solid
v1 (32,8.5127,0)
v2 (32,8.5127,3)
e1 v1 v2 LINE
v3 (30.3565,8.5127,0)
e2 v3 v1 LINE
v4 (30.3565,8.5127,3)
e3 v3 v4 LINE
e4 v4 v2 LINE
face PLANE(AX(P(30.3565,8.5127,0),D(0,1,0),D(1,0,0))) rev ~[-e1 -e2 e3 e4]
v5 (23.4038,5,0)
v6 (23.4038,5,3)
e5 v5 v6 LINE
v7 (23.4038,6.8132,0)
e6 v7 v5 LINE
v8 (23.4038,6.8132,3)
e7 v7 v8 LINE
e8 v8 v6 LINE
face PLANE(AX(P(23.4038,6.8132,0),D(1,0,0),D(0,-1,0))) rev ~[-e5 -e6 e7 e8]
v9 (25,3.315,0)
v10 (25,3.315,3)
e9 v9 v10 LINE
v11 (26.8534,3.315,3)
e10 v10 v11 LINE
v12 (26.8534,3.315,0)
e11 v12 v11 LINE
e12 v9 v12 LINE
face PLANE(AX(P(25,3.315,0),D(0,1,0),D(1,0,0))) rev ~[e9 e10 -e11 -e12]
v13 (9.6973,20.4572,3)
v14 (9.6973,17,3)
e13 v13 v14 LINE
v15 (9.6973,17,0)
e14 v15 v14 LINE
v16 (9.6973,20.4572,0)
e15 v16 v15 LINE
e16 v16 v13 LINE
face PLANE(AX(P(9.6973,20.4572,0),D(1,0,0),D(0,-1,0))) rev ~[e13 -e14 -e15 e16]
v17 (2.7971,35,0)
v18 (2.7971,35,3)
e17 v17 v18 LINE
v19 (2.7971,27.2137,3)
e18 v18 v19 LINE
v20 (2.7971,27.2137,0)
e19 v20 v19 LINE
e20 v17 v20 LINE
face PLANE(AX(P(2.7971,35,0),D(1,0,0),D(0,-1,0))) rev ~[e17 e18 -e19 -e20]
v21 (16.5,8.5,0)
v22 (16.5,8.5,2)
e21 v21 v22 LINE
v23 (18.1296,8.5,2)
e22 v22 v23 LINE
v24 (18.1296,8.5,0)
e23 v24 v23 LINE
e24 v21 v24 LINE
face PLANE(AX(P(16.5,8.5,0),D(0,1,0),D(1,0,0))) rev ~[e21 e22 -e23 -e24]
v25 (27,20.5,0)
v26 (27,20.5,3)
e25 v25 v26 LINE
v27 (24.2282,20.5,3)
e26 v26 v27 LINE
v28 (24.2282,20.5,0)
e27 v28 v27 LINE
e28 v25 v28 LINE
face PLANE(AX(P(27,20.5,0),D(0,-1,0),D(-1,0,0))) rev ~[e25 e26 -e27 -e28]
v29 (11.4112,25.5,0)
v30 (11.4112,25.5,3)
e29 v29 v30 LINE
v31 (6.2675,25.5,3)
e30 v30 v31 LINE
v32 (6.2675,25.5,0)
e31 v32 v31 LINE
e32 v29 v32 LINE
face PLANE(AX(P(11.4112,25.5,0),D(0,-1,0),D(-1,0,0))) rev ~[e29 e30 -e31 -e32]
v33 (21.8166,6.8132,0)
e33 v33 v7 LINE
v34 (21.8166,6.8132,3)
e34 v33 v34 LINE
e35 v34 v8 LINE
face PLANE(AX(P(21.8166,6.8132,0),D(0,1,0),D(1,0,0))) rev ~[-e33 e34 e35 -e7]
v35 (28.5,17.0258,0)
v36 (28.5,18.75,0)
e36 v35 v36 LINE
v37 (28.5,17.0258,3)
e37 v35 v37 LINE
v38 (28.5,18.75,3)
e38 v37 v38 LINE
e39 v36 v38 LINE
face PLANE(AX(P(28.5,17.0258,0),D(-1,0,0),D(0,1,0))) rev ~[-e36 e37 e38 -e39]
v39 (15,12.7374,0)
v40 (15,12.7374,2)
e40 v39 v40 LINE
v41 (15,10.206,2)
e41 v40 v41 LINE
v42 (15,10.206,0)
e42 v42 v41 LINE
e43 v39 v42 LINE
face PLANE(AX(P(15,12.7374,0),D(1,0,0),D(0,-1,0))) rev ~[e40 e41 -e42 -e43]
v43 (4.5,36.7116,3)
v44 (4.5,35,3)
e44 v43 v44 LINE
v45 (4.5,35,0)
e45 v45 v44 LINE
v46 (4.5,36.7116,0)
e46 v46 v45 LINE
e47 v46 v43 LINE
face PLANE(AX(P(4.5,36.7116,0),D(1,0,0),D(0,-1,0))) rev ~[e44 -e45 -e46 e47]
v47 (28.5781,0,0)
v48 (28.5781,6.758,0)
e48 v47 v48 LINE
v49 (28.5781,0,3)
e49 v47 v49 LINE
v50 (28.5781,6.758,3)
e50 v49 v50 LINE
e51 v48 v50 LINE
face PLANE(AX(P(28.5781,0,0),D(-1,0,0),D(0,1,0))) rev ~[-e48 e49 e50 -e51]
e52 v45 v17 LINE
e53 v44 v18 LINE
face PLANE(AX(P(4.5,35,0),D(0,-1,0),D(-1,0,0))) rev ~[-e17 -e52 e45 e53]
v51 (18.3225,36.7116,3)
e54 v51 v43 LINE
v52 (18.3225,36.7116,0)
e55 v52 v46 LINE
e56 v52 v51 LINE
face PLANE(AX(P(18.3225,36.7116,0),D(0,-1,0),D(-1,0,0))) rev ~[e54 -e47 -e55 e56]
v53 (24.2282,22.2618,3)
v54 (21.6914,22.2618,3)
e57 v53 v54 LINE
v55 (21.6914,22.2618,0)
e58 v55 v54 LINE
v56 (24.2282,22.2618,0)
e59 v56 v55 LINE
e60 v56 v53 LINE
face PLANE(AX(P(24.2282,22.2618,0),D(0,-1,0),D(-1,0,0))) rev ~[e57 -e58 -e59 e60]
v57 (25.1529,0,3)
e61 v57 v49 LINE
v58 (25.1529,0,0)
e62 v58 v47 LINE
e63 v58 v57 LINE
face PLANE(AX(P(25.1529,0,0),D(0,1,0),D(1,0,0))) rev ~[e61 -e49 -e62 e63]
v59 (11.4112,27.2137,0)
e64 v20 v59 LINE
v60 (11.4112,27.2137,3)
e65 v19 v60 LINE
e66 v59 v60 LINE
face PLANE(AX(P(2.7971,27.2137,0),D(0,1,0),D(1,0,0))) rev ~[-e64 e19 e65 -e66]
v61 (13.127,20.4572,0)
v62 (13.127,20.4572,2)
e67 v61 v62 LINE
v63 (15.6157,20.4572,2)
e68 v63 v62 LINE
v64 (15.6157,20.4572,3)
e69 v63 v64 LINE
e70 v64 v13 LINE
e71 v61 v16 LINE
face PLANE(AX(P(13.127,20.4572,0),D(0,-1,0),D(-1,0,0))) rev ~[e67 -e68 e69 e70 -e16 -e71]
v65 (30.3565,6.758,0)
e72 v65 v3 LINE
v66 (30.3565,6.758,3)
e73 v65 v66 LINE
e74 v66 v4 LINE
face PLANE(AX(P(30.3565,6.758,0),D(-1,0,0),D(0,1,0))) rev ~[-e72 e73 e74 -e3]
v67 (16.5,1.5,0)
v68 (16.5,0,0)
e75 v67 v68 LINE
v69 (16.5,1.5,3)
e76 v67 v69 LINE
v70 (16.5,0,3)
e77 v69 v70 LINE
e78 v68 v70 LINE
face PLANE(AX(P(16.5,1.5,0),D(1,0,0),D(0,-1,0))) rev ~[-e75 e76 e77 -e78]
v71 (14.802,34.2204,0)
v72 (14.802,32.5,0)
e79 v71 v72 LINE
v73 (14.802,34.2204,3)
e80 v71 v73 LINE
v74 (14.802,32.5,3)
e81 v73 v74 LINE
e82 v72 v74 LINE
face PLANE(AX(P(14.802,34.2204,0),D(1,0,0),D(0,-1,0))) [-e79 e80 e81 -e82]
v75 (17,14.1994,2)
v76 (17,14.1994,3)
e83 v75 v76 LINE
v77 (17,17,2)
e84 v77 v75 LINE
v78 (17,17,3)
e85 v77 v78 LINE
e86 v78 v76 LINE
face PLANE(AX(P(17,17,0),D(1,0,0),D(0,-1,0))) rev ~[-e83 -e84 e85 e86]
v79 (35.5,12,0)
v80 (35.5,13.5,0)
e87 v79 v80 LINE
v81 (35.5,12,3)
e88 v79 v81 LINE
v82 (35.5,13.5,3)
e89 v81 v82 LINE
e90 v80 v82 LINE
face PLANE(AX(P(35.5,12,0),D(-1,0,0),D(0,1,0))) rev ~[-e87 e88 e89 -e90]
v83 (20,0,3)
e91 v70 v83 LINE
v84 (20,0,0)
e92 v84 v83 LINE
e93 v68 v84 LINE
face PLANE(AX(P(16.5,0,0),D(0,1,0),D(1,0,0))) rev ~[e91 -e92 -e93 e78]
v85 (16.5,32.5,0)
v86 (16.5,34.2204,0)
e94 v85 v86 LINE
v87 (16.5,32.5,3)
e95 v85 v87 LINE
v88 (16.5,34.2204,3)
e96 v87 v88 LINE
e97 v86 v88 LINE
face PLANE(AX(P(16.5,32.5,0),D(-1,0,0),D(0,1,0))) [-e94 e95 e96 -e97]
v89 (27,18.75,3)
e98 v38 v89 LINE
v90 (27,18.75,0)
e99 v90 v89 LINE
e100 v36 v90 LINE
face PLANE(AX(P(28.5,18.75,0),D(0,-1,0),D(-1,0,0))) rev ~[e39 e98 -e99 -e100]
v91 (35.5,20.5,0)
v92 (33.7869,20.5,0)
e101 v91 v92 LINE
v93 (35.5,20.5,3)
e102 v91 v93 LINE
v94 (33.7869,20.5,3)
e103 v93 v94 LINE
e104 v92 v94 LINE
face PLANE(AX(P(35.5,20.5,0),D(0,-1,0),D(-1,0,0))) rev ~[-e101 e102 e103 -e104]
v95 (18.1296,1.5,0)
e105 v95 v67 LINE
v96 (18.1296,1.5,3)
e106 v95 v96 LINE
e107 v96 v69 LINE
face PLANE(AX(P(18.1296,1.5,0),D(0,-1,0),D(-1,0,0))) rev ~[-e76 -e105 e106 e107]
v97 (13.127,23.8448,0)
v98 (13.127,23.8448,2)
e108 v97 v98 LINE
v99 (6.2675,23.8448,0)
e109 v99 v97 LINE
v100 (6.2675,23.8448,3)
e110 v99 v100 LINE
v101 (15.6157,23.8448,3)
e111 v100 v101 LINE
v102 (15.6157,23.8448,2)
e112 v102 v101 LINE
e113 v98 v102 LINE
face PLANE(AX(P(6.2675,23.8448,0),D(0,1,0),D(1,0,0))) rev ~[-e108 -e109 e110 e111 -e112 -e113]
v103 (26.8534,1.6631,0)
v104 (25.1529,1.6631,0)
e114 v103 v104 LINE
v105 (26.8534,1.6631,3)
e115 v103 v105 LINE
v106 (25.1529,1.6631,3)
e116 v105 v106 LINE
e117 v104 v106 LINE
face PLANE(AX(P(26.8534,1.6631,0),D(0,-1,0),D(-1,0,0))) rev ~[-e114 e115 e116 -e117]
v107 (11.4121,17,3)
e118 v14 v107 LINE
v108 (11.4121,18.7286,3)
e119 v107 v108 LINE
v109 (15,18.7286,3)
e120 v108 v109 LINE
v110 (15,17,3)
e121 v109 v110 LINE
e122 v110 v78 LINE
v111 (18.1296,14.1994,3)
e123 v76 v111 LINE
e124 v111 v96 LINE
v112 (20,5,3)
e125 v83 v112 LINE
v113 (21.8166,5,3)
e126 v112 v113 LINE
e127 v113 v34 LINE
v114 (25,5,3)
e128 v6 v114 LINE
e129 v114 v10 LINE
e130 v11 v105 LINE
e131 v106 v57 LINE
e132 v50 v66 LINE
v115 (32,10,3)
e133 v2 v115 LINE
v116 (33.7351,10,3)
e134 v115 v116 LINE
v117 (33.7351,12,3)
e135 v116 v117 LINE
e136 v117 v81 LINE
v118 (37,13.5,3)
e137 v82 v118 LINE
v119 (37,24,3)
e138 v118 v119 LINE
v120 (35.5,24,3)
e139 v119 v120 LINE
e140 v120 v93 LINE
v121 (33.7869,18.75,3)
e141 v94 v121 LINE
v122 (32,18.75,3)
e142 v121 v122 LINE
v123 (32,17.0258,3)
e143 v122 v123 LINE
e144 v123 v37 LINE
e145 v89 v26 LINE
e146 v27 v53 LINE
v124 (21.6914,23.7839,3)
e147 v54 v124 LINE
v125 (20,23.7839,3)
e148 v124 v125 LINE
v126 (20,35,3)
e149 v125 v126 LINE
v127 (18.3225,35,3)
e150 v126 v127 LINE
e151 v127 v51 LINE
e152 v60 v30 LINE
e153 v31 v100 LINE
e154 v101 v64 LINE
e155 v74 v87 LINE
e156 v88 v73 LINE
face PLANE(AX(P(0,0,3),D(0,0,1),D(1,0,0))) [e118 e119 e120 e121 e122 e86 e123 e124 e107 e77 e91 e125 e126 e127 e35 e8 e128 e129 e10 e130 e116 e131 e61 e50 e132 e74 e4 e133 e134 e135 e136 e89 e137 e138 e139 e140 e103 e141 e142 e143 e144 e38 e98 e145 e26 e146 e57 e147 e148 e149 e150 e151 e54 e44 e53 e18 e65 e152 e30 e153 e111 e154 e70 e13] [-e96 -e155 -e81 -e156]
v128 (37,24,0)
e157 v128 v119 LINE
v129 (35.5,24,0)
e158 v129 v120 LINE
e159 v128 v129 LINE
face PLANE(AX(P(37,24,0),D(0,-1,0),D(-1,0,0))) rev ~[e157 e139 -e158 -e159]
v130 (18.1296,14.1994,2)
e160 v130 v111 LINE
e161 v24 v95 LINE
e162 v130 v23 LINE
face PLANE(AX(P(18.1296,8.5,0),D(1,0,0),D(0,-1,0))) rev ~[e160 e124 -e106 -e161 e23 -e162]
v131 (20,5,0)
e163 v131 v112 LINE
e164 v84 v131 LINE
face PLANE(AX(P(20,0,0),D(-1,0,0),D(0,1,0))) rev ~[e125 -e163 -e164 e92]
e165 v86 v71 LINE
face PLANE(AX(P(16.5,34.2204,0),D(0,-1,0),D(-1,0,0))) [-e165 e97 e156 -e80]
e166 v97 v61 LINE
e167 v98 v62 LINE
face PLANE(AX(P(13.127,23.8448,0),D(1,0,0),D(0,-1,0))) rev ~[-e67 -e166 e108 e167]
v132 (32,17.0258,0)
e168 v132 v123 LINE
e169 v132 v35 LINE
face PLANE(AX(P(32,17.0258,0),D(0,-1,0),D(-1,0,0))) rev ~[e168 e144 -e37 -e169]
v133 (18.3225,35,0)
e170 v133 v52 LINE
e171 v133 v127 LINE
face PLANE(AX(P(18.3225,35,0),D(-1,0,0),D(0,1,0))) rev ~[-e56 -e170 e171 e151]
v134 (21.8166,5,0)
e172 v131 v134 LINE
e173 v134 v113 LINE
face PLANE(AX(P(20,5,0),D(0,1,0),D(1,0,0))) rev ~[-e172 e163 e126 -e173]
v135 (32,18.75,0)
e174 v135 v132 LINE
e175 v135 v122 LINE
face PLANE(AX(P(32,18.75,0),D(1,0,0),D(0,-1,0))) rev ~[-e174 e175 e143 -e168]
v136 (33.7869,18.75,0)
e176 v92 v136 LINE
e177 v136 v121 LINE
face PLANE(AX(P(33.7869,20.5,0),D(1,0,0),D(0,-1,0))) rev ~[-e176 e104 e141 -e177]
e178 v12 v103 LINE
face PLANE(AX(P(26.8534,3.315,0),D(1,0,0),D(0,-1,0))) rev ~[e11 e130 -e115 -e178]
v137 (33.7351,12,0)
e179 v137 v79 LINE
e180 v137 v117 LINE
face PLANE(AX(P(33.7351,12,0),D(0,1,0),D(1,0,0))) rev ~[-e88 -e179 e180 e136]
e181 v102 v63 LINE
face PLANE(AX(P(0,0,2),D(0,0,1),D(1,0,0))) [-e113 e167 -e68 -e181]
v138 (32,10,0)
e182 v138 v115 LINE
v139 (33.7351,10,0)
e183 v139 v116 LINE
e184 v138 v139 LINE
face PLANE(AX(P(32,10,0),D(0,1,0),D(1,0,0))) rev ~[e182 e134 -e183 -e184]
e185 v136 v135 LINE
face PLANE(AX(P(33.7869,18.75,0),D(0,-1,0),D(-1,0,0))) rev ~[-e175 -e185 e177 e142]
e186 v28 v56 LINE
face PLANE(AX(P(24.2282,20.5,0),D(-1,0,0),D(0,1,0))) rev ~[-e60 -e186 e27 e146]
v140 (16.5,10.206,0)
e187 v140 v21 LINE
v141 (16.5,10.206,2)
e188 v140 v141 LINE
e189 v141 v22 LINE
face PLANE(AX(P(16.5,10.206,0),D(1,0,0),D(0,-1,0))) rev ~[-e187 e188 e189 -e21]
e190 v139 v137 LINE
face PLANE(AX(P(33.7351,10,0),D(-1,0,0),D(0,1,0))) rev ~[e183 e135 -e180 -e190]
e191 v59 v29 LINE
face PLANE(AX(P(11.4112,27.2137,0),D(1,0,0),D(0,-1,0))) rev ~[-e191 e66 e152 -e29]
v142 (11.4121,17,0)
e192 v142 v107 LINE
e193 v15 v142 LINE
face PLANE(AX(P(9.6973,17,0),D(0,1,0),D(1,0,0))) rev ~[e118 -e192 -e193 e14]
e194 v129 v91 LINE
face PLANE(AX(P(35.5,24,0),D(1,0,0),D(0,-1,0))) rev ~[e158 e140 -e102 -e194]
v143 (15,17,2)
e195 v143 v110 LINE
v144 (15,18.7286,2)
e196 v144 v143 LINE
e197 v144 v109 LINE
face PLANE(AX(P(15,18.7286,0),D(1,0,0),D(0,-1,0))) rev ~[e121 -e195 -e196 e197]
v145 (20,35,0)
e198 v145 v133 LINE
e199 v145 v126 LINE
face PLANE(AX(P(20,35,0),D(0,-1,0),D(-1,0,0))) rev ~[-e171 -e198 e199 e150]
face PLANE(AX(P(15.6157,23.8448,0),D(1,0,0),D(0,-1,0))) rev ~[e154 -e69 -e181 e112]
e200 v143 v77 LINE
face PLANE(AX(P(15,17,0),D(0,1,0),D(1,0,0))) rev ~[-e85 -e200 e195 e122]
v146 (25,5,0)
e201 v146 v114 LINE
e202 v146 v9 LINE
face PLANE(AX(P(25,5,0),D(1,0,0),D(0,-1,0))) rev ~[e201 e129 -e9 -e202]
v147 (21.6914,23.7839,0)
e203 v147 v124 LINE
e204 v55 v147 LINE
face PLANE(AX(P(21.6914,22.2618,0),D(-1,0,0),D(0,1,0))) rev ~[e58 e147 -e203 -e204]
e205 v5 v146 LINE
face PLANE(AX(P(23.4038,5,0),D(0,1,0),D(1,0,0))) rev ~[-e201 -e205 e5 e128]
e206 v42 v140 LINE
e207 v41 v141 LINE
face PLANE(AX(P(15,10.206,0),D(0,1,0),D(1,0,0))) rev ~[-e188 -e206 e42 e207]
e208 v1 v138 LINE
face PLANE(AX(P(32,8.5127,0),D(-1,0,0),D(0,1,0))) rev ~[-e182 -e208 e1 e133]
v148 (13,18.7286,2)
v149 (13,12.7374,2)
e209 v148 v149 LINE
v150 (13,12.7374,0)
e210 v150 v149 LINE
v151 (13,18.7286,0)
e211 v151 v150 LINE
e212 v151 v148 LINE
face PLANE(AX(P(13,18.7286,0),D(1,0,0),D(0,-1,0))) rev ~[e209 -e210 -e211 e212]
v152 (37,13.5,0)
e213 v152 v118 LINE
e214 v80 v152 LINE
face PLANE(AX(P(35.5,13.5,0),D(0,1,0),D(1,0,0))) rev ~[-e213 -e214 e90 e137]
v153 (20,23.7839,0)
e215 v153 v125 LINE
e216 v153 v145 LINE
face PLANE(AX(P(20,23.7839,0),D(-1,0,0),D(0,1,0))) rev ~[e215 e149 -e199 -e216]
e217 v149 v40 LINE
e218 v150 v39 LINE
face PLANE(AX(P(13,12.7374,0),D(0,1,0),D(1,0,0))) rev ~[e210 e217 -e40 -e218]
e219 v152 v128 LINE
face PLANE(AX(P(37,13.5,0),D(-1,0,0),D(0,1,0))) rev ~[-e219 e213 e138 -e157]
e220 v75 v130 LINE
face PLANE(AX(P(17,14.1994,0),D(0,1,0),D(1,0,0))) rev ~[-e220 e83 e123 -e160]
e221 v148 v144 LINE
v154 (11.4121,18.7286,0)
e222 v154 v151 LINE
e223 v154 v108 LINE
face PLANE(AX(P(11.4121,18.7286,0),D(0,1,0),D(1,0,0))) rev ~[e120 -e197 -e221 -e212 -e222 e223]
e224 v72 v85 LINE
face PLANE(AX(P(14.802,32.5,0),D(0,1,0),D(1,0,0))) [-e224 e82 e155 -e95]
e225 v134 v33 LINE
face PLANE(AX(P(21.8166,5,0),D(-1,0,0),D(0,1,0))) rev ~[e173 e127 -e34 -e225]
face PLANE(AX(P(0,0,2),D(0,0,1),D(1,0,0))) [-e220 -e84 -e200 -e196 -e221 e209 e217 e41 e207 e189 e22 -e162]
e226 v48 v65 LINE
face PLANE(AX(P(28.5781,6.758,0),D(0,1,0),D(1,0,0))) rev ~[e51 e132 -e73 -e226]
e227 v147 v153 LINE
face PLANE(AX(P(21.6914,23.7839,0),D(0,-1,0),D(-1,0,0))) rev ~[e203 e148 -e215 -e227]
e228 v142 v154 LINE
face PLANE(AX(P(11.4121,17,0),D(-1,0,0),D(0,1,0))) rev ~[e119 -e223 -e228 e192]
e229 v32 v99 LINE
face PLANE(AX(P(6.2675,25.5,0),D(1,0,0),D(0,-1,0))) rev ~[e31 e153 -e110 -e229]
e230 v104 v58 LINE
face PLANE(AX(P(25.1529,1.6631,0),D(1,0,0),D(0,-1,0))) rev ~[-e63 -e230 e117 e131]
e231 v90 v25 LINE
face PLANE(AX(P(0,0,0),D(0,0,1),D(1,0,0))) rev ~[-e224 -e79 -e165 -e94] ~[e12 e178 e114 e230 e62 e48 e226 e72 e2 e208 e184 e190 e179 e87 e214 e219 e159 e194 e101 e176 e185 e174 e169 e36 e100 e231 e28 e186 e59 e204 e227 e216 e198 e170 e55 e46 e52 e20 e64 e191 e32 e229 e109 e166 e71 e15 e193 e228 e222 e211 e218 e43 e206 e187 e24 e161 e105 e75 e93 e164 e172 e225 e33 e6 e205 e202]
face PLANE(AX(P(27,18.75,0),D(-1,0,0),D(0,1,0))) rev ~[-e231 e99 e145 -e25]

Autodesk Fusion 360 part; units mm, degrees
sketch "Dino" plane through (0, 0, 0) normal (0, 0, 1) x (1, 0, 0)
  line L0 (16.5, 0) -> (20, 0)
  line L1 (20, 0) -> (20, 5)
  line L2 (20, 5) -> (21.8166, 5)
  line L3 (21.8166, 5) -> (21.8166, 6.8132)
  line L4 (21.8166, 6.8132) -> (23.4038, 6.8132)
  line L5 (23.4038, 6.8132) -> (23.4038, 5)
  line L6 (23.4038, 5) -> (25, 5)
  line L7 (25, 5) -> (25, 3.315)
  line L8 (25, 3.315) -> (26.8534, 3.315)
  line L9 (26.8534, 3.315) -> (26.8534, 1.6631)
  line L10 (26.8534, 1.6631) -> (25.1529, 1.6631)
  line L11 (25.1529, 1.6631) -> (25.1529, 0)
  line L12 (25.1529, 0) -> (28.5781, 0)
  line L13 (28.5781, 0) -> (28.5781, 6.758)
  line L14 (28.5781, 6.758) -> (30.3565, 6.758)
  line L15 (30.3565, 6.758) -> (30.3565, 8.5127)
  line L16 (30.3565, 8.5127) -> (32, 8.5127)
  line L17 (32, 8.5127) -> (32, 10)
  line L18 (32, 10) -> (33.7351, 10)
  line L19 (33.7351, 10) -> (33.7351, 12)
  line L20 (33.7351, 12) -> (35.5, 12)
  line L21 (35.5, 12) -> (35.5, 13.5)
  line L22 (35.5, 13.5) -> (37, 13.5)
  line L23 (37, 13.5) -> (37, 24)
  line L24 (37, 24) -> (35.5, 24)
  line L25 (35.5, 24) -> (35.5, 20.5)
  line L26 (35.5, 20.5) -> (33.7869, 20.5)
  line L27 (33.7869, 20.5) -> (33.7869, 18.75)
  line L28 (33.7869, 18.75) -> (32, 18.75)
  line L29 (32, 18.75) -> (32, 17.0258)
  line L30 (32, 17.0258) -> (28.5, 17.0258)
  line L31 (28.5, 17.0258) -> (28.5, 18.75)
  line L32 (28.5, 18.75) -> (27, 18.75)
  line L33 (27, 18.75) -> (27, 20.5)
  line L34 (27, 20.5) -> (24.2282, 20.5)
  line L35 (24.2282, 20.5) -> (24.2282, 22.2618)
  line L36 (24.2282, 22.2618) -> (21.6914, 22.2618)
  line L37 (21.6914, 22.2618) -> (21.6914, 23.7839)
  line L38 (21.6914, 23.7839) -> (20, 23.7839)
  line L39 (20, 23.7839) -> (20, 35)
  line L40 (20, 35) -> (18.3225, 35)
  line L41 (18.3225, 35) -> (18.3225, 36.7116)
  line L42 (18.3225, 36.7116) -> (4.5, 36.7116)
  line L43 (4.5, 36.7116) -> (4.5, 35)
  line L44 (4.5, 35) -> (2.7971, 35)
  line L45 (2.7971, 35) -> (2.7971, 27.2137)
  line L46 (2.7971, 27.2137) -> (11.4112, 27.2137)
  line L47 (11.4112, 27.2137) -> (11.4112, 25.5)
  line L48 (11.4112, 25.5) -> (6.2675, 25.5)
  line L49 (6.2675, 25.5) -> (6.2675, 23.8448)
  line L50 (6.2675, 23.8448) -> (13.127, 23.8448)
  line L51 (13.127, 23.8448) -> (13.127, 20.4572)
  line L52 (13.127, 20.4572) -> (9.6973, 20.4572)
  line L53 (9.6973, 20.4572) -> (9.6973, 17)
  line L54 (9.6973, 17) -> (11.4121, 17)
  line L55 (11.4121, 17) -> (11.4121, 18.7286)
  line L56 (11.4121, 18.7286) -> (13, 18.7286)
  line L57 (13, 18.7286) -> (13, 12.7374)
  line L58 (13, 12.7374) -> (15, 12.7374)
  line L59 (15, 12.7374) -> (15, 10.206)
  line L60 (15, 10.206) -> (16.5, 10.206)
  line L61 (16.5, 10.206) -> (16.5, 8.5)
  line L62 (16.5, 8.5) -> (18.1296, 8.5)
  line L63 (18.1296, 8.5) -> (18.1296, 1.5)
  line L64 (18.1296, 1.5) -> (16.5, 1.5)
  line L65 (16.5, 1.5) -> (16.5, 0)
  line L66 (13.127, 23.8448) -> (15.6157, 23.8448)
  line L67 (15.6157, 23.8448) -> (15.6157, 20.4572)
  line L68 (15.6157, 20.4572) -> (13.127, 20.4572)
  line L69 (13, 18.7286) -> (15, 18.7286)
  line L70 (15, 18.7286) -> (15, 17)
  line L71 (15, 17) -> (17, 17)
  line L72 (17, 17) -> (17, 14.1994)
  line L73 (17, 14.1994) -> (18.1296, 14.1994)
  line L74 (18.1296, 14.1994) -> (18.1296, 8.5)
  line L75 (14.802, 34.2204) -> (14.802, 32.5)
  line L76 (14.802, 32.5) -> (16.5, 32.5)
  line L77 (16.5, 32.5) -> (16.5, 34.2204)
  line L78 (16.5, 34.2204) -> (14.802, 34.2204)
extrude "Extrude1" add sketch "Dino" along normal blind 3 contours L0 L1 L2 L3 L4 L5 L6 L7 L8 L9 L10 L11 L12 L13 L14 L15 L16 L17 L18 L19 L20 L21 L22 L23 L24 L25 L26 L27 L28 L29 L30 L31 L32 L33 L34 L35 L36 L37 L38 L39 L40 L41 L42 L43 L44 L45 L46 L47 L48 L49 L50 L52 L53 L54 L55 L56 L63 L64 L65 L66 L67 L68 L69 L70 L71 L72 L73 L74
extrude "Extrude2" add sketch "Dino" along normal blind 2 contours L57 L58 L59 L60 L61 L62 L69 L70 L71 L72 L73 L74 | L51 L66 L67 L68
